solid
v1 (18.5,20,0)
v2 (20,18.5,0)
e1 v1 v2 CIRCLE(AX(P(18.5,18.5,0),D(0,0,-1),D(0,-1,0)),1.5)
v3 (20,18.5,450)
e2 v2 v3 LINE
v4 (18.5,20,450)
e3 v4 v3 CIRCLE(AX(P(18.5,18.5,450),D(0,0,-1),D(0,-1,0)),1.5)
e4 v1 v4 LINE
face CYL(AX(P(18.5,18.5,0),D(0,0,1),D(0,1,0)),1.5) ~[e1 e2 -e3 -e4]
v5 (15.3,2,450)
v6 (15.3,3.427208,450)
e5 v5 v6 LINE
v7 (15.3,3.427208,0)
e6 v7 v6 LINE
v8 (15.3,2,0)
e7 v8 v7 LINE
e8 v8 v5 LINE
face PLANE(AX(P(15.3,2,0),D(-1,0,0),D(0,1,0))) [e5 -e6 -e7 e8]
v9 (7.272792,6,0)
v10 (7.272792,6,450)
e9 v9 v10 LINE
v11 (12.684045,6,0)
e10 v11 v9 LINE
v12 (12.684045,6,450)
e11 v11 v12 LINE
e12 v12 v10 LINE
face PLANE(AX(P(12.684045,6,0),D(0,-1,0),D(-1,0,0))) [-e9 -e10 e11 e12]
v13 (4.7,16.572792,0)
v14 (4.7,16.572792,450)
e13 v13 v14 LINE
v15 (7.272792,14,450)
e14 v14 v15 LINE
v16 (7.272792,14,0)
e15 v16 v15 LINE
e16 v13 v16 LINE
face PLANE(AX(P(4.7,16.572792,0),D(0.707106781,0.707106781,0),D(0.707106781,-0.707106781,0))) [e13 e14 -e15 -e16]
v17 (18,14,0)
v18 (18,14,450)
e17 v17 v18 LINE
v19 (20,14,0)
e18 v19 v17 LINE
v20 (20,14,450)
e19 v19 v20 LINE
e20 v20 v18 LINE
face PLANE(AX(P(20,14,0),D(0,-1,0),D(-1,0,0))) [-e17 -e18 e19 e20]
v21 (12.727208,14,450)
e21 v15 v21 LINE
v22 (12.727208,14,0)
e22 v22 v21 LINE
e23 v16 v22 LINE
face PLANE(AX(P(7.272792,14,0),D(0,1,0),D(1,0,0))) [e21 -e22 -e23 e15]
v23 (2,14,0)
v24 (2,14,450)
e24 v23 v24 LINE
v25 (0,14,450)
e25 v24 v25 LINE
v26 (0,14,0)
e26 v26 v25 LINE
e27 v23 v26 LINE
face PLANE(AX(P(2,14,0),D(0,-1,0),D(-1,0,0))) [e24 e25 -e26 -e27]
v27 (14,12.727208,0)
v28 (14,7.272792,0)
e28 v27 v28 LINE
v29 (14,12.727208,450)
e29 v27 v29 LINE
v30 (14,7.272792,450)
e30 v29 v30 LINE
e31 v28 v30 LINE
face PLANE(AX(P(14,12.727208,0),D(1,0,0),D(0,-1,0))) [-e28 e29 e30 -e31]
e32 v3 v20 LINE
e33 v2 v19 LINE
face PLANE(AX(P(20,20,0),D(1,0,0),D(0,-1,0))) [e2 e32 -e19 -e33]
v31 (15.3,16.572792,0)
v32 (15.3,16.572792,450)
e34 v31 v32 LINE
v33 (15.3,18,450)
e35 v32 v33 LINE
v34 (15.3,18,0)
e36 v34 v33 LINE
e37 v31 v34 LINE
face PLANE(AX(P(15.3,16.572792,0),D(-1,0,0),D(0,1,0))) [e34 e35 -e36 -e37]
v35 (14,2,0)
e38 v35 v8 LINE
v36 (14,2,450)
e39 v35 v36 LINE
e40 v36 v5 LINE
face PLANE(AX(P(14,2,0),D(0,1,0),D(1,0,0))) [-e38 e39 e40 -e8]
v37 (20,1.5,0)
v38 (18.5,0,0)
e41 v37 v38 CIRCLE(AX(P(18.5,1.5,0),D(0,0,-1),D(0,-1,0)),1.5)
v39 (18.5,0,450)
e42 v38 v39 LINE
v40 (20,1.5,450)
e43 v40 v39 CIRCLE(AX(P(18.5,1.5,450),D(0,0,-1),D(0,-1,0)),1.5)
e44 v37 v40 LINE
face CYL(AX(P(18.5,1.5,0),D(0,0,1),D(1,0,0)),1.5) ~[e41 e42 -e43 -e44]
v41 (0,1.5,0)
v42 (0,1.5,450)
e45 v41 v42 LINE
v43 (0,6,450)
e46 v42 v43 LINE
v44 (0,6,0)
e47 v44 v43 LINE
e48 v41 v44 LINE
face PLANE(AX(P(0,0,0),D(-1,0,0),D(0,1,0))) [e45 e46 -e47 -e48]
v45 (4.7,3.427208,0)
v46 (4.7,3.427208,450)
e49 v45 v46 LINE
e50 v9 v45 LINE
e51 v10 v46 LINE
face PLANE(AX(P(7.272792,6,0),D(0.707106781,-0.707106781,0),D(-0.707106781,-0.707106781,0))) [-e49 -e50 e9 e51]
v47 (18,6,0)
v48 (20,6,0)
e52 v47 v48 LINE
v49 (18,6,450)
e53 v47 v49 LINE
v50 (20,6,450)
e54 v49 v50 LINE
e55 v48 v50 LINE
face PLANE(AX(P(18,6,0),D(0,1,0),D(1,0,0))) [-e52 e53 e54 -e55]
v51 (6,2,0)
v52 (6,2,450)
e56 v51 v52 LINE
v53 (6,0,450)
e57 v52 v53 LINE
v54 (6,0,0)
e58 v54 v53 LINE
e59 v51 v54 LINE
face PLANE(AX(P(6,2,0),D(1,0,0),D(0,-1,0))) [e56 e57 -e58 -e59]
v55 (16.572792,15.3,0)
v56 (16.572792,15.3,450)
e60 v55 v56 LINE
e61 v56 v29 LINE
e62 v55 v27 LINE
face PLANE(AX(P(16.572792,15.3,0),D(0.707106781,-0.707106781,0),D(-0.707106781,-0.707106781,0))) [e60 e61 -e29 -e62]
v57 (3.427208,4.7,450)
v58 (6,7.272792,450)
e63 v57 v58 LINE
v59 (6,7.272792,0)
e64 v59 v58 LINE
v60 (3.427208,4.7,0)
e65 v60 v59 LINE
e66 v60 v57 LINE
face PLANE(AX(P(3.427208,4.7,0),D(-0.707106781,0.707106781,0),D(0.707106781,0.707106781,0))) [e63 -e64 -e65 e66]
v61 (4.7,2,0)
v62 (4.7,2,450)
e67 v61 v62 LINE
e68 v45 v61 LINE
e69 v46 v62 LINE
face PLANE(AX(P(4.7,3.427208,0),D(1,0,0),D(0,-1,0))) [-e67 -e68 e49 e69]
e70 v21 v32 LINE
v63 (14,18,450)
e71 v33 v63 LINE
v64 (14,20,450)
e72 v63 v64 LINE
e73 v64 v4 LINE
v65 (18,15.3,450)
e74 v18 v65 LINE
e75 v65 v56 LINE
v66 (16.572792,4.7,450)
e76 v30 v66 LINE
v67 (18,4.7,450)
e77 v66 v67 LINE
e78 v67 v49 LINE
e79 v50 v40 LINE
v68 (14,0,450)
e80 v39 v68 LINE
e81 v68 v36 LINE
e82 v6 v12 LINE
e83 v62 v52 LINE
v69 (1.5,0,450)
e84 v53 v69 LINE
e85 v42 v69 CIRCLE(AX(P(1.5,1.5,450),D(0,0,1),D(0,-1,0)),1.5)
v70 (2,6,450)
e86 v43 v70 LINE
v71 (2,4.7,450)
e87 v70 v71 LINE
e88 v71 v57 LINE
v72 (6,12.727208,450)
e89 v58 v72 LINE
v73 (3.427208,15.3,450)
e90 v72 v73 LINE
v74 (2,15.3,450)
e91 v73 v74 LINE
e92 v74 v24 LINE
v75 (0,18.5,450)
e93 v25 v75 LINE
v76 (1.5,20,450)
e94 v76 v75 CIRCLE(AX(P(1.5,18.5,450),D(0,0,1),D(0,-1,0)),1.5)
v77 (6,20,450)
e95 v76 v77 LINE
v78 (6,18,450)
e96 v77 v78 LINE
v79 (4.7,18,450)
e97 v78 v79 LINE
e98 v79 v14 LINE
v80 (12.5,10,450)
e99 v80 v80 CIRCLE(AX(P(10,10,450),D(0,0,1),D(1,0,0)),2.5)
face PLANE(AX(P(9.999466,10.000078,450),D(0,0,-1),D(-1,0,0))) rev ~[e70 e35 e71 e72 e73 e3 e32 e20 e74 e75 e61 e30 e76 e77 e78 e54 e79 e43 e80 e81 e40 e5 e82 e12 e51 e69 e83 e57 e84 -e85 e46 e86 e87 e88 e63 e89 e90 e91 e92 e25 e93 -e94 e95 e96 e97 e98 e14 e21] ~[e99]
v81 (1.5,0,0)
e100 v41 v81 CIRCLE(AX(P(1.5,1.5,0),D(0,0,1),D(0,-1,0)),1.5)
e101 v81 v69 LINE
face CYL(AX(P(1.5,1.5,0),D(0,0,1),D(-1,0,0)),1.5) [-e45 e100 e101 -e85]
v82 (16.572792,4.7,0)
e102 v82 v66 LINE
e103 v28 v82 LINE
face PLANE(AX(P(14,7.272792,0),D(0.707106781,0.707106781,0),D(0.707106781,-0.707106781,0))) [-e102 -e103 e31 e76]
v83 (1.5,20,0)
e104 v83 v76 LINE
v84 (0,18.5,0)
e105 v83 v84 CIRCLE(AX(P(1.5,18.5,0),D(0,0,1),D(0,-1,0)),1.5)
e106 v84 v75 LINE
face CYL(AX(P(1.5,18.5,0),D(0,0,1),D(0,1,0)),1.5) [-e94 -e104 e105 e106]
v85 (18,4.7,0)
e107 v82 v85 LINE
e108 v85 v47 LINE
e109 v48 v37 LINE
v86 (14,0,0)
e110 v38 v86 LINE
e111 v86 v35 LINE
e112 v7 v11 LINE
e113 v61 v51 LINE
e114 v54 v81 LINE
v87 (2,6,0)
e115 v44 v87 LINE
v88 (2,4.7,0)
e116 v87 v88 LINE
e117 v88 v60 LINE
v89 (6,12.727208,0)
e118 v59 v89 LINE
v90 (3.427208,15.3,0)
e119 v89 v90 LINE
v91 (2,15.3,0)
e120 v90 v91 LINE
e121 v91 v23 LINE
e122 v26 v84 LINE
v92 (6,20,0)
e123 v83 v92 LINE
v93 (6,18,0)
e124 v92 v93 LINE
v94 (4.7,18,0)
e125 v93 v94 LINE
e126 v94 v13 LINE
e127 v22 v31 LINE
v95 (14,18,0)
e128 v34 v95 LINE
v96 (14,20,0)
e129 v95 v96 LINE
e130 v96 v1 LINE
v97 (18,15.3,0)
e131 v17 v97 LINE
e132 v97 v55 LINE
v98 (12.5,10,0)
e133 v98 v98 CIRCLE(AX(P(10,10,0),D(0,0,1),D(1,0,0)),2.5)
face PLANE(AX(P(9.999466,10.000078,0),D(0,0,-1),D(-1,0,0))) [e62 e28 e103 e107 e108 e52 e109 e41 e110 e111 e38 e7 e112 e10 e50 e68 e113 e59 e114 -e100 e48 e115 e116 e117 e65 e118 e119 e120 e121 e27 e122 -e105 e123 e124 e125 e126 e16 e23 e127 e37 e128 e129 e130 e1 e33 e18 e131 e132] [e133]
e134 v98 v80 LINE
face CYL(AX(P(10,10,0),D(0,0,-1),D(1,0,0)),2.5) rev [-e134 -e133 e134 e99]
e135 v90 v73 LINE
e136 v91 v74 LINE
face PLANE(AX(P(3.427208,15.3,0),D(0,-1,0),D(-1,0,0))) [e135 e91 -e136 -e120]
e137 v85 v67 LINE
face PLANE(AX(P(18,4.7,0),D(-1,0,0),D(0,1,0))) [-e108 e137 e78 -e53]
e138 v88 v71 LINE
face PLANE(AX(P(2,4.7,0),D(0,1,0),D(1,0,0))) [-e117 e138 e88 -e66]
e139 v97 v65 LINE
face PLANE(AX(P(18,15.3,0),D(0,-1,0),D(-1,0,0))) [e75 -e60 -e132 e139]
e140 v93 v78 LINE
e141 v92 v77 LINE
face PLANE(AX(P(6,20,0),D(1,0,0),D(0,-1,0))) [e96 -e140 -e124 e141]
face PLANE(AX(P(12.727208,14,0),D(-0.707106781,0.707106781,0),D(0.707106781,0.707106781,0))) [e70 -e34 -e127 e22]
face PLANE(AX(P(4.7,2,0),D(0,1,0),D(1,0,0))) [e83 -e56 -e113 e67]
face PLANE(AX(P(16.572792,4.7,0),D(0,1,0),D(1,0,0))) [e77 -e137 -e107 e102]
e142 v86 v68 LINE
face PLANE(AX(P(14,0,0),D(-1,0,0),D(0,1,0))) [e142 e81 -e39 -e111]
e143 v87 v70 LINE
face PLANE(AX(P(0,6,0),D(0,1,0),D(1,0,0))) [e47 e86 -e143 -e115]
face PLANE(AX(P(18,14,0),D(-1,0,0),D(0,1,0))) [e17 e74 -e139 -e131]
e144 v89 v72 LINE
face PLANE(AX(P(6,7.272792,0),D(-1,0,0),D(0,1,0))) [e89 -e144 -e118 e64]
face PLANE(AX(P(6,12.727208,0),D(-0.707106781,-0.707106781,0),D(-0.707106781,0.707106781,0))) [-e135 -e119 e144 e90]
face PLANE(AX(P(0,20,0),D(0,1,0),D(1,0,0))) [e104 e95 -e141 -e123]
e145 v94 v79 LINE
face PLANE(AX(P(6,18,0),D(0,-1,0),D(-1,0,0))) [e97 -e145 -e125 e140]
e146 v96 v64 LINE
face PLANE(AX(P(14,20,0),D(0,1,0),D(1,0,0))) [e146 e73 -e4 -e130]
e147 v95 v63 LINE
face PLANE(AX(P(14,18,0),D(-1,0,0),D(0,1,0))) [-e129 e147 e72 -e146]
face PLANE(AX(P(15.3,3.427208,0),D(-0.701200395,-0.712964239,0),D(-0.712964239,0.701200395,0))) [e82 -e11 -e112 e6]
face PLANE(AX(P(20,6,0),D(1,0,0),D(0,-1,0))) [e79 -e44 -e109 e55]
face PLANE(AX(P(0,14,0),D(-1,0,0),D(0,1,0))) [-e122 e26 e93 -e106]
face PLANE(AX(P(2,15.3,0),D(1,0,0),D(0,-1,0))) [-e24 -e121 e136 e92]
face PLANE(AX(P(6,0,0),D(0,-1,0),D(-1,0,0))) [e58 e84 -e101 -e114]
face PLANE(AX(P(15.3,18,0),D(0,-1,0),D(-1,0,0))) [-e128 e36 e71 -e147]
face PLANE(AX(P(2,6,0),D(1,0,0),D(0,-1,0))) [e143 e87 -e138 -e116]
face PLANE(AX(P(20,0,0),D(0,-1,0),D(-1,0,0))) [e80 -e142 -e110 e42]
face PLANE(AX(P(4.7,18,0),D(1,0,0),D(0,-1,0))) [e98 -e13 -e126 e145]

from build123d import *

# Parameters (mm, degrees)
SKETCH_1_R      = 2.5
EXTRUDE_1_DEPTH = 450
FILLET_1_R      = 1.5


with BuildPart() as part:
    # Эскиз1 → Бобышка-Вытянуть1 (new body)
    with BuildSketch(Plane.XY):
        Polygon((14, 20), (20, 20), (20, 14), (18, 14), (18, 15.3), (16.572792206, 15.3), (14, 12.727207794), (14, 7.272792206), (16.572792206, 4.7), (18, 4.7), (18, 6), (20, 6), (20, 0), (14, 0), (14, 2), (15.3, 2), (15.3, 3.427207794), (12.684044775, 6), (7.272792206, 6), (4.7, 3.427207794), (4.7, 2), (6, 2), (6, 0), (0, 0), (0, 6), (2, 6), (2, 4.7), (3.427207794, 4.7), (6, 7.272792206), (6, 12.727207794), (3.427207794, 15.3), (2, 15.3), (2, 14), (0, 14), (0, 20), (6, 20), (6, 18), (4.7, 18), (4.7, 16.572792206), (7.272792206, 14), (12.727207794, 14), (15.3, 16.572792206), (15.3, 18), (14, 18), align=None)
        with Locations((10, 10)):
            Circle(SKETCH_1_R, mode=Mode.SUBTRACT)
    extrude(amount=EXTRUDE_1_DEPTH)

    # Скругление1
    fillet_1_edges = [part.edges().sort_by_distance(p)[0] for p in [
        (0, 20, 225),
        (20, 20, 225),
        (20, 0, 225),
        (0, 0, 225),
    ]]
    fillet(fillet_1_edges, radius=FILLET_1_R)


solid = part.part
